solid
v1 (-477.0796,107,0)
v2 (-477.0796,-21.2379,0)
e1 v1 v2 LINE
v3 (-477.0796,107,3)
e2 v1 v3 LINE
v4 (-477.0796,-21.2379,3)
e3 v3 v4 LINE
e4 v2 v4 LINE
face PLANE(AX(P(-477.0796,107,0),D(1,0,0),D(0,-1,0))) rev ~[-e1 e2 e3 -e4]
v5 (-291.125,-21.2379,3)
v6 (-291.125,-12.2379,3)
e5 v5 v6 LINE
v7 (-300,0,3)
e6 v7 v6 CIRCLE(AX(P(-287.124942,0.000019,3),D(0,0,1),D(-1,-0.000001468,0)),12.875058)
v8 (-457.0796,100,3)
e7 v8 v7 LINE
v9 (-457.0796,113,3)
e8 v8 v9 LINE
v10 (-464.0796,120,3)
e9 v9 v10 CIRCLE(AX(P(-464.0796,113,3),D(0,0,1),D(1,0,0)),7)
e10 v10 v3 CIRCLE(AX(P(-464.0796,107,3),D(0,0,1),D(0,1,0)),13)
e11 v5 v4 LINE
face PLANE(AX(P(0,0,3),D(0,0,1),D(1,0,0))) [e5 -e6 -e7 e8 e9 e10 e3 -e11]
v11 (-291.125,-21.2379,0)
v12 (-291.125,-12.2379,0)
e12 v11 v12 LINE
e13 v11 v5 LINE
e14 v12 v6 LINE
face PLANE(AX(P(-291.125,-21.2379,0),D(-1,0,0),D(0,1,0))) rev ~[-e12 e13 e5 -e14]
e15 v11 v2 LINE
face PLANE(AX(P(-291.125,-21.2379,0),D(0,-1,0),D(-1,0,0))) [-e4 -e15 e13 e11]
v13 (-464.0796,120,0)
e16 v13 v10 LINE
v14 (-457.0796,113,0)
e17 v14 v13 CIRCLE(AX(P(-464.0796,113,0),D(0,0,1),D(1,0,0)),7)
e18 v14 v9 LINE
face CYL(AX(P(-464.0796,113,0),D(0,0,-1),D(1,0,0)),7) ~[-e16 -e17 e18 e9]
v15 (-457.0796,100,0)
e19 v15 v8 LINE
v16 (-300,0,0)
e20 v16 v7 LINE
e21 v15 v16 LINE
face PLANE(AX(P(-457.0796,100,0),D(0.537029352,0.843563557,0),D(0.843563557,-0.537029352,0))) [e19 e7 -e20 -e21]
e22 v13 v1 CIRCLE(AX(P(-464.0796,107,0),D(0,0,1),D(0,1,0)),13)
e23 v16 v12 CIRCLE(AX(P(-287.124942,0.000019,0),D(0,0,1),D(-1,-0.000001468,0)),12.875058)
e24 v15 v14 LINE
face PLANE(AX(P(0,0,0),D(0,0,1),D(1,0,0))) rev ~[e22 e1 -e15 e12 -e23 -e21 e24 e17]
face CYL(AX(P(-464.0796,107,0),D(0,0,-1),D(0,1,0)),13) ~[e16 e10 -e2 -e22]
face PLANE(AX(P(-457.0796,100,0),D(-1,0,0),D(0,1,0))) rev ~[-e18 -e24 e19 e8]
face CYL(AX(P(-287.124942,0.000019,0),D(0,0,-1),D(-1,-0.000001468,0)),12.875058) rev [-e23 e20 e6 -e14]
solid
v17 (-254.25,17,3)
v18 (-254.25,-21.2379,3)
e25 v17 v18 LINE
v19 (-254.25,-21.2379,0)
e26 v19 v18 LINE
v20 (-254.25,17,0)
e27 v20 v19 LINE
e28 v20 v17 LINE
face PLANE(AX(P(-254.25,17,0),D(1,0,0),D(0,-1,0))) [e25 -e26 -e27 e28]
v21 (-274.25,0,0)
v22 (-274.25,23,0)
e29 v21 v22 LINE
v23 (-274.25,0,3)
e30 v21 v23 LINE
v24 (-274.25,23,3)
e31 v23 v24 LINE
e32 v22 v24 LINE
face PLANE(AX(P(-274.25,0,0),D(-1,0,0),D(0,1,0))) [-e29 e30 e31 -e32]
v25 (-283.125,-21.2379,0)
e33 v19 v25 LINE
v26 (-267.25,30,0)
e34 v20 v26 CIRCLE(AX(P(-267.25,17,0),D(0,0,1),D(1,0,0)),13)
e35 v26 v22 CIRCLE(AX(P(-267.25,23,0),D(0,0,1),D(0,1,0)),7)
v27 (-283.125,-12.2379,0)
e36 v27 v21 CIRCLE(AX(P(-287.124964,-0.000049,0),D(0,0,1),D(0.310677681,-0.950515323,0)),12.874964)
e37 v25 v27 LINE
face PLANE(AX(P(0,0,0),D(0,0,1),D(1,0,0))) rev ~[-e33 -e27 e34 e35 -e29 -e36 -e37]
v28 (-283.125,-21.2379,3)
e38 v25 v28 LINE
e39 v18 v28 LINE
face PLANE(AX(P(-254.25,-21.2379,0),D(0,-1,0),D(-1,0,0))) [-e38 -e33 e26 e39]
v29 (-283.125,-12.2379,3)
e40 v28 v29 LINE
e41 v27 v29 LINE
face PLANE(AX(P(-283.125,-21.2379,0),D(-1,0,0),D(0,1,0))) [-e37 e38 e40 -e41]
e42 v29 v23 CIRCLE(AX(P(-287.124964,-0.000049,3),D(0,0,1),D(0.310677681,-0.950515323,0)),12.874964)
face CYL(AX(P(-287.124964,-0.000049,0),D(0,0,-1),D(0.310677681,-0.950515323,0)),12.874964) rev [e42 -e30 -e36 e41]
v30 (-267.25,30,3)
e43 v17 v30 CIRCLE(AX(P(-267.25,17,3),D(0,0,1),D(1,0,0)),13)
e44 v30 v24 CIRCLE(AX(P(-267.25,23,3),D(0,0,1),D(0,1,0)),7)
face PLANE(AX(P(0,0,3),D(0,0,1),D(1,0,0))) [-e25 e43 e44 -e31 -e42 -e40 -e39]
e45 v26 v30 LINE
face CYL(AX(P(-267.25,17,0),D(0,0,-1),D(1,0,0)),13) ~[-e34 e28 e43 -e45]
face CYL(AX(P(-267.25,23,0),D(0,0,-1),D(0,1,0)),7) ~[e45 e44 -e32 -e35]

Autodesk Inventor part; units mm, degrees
ref_plane "YZ Plane" through (0, 0, 0) normal (1, 0, 0) x (0, 1, 0)
ref_plane "XZ Plane" through (0, 0, 0) normal (0, 1, 0) x (-1, 0, 0)
ref_plane "XY Plane" through (0, 0, 0) normal (0, 0, 1) x (1, 0, 0)
sketch "Sketch3" plane through (0, 0, 0) normal (0, 0, 1) x (1, 0, 0)
  circle A0 centre (368.0481, 50) radius 50 construction
  line L0 (368.0481, 0) -> (514.9541, 0) construction
  line L1 (368.0481, 50) -> (514.9541, 50) construction
  line L2 (368.0481, 100) -> (514.9541, 100) construction
  line L3 (368.0481, 50) -> (343.0481, 6.6987) construction
  line L4 (368.0481, 50) -> (324.7469, 25) construction
  line L5 (368.0481, 50) -> (324.7469, 75) construction
  line L6 (343.0481, 93.3013) -> (368.0481, 50) construction
  line L7 (393.0481, 93.3013) -> (368.0481, 50) construction
  line L8 (411.3494, 75) -> (368.0481, 50) construction
  line L9 (411.3494, 25) -> (368.0481, 50) construction
  line L10 (393.0481, 6.6987) -> (368.0481, 50) construction
  line L11 (368.0481, 0) -> (368.0481, 100) construction
  line L12 (418.0481, 50) -> (368.0481, 50) construction
  line L13 (341.8682, 0) -> (341.8682, 100) construction
  line L14 (315.6883, 0) -> (315.6883, 100) construction
  line L15 (289.5083, 0) -> (289.5083, 100) construction
  line L16 (263.3284, 0) -> (263.3284, 100) construction
  line L17 (237.1485, 0) -> (237.1485, 100) construction
  line L18 (210.9685, 0) -> (210.9685, 100) construction
  line L19 (184.7886, 0) -> (184.7886, 100) construction
  line L20 (158.6086, 0) -> (158.6086, 100) construction
  circle A1 centre (315.6883, 50) radius 50 construction
  circle A2 centre (341.8682, 50) radius 50 construction
  circle A3 centre (289.5083, 50) radius 50 construction
  circle A4 centre (263.3284, 50) radius 50 construction
  circle A5 centre (237.1485, 50) radius 50 construction
  circle A6 centre (210.9685, 50) radius 50 construction
  line L21 (393.0481, 6.6987) -> (514.9541, 6.6987) construction
  line L22 (411.3494, 25) -> (514.9541, 25) construction
  line L23 (411.3494, 75) -> (514.9541, 75) construction
  line L24 (411.3494, 75) -> (514.9541, 75) construction
  line L25 (393.0481, 93.3013) -> (514.9541, 93.3013) construction
  line L26 (358.9895, 75) -> (339.5083, 50) construction
  line L27 (339.5083, 50) -> (306.6297, 25) construction
  line L28 (306.6297, 25) -> (262.1485, 6.6987) construction
  line L29 (262.1485, 6.6987) -> (210.9685, 0) construction
  line L30 (105.4843, -12.0642) -> (105.4843, 125.3083) construction
  line L31 (25.75, 0) -> (25.75, 23)
  line L32 (45.75, 17) -> (45.75, -21.2379)
  arc A7 (32.75, 30) -> (25.75, 23) centre (32.75, 23) ccw
  arc A8 (45.75, 17) -> (32.75, 30) centre (32.75, 17) ccw
  line L33 (32.75, 17) -> (45.75, 17) construction
  line L34 (32.75, 17) -> (32.75, 30) construction
  arc A9 (0, 0) -> (8.875, -12.2379) centre (12.875, 0) ccw
  arc A10 (16.875, -12.2379) -> (25.75, 0) centre (12.875, 0) ccw
  line L35 (45.75, -21.2379) -> (16.875, -21.2379)
  line L36 (8.875, -21.2379) -> (-177.0796, -21.2379)
  circle A11 centre (-144.2046, 110.3653) radius 12.875 construction
  line L37 (8.875, -21.2379) -> (8.875, -12.2379)
  line L38 (16.875, -21.2379) -> (16.875, -12.2379)
  line L39 (411.3494, 75) -> (158.6086, 75) construction
  line L40 (368.0481, 100) -> (158.6086, 100) construction
  line L41 (418.0481, 50) -> (158.6086, 50) construction
  line L42 (411.3494, 25) -> (158.6086, 25) construction
  line L43 (393.0481, 6.6987) -> (158.6086, 6.6987) construction
  line L44 (393.0481, 93.3013) -> (158.6086, 93.3013) construction
  line L45 (358.9895, 75) -> (366.8682, 93.3013) construction
  line L46 (366.8682, 93.3013) -> (368.0481, 100) construction
  spline S0 degree 4 poles (-157.0796, 100) (-157.0796, 88.9946) (-147.011, 72.6811) (-131.8577, 48.7932) (-88.4777, 17.6268) (-50.0176, 3.937) (-18.8717, 0) (0, 0) knots 0 0 0 0 0 0.264547 0.457223 0.66608 1 1 1 1 1
  line L47 (-157.0796, 100) -> (-157.0796, 81.2146) construction
  line L48 (0, 0) -> (-42.8818, 0) construction
  line L49 (-157.0796, 100) -> (-157.0796, 113)
  line L50 (-144.2046, 110.3653) -> (-157.0796, 110.3653) construction
  line L51 (-147.6984, 94.0277) -> (-120.1158, 108.3975) construction
  line L52 (-157.0796, 100) -> (0, 0) construction
  circle A12 centre (-147.2046, 105.4197) radius 9.875 construction
  line L53 (-147.2046, 105.4197) -> (-157.0796, 105.4197) construction
  line L54 (-146.1623, 94.828) -> (-144.7762, 92.1674) construction
  line L55 (-144.7762, 92.1674) -> (-142.2689, 93.4736) construction
  line L56 (-177.0796, 107) -> (-177.0796, -21.2379)
  arc A13 (-157.0796, 113) -> (-164.0796, 120) centre (-164.0796, 113) ccw
  line L57 (-164.0796, 113) -> (-164.0796, 120) construction
  line L58 (-164.0796, 113) -> (-157.0796, 113) construction
  arc A14 (-164.0796, 120) -> (-177.0796, 107) centre (-164.0796, 107) ccw
  line L59 (-164.0796, 107) -> (-177.0796, 107) construction
  line L60 (-164.0796, 107) -> (-164.0796, 120) construction
  line L61 (-457.0796, 100) -> (-300, 0)
  line L62 (-757.0796, 100) -> (-757.0796, 76.4376)
  line L63 (-600, 0) -> (-652.3765, 0)
  spline S1 degree 4 poles (-757.0796, 76.4376) (-757.0796, 65.0585) (-753.7776, 47.1407) (-745.4013, 7.8331) (-693.0053, 2.4317) (-668.8587, 0) (-652.3765, 0) knots 0 0 0 0 0 0.348765 0.598765 1 1 1 1 1
  line L64 (-477.0796, 107) -> (-477.0796, -21.2379)
  arc A15 (-464.0796, 120) -> (-477.0796, 107) centre (-464.0796, 107) ccw
  arc A16 (-457.0796, 113) -> (-464.0796, 120) centre (-464.0796, 113) ccw
  line L65 (-457.0796, 100) -> (-457.0796, 113)
  circle A17 centre (-447.2046, 105.4197) radius 9.875 construction
  circle A18 centre (-444.2046, 110.3653) radius 12.875 construction
  line L66 (-457.0796, 100) -> (-300, 0) construction
  line L67 (-447.6984, 94.0277) -> (-420.1158, 108.3975) construction
  line L68 (-444.7762, 92.1674) -> (-442.2689, 93.4736) construction
  line L69 (-446.1623, 94.828) -> (-444.7762, 92.1674) construction
  line L70 (-291.125, -21.2379) -> (-477.0796, -21.2379)
  arc A19 (-300, 0) -> (-291.125, -12.2379) centre (-287.125, 0) ccw
  line L71 (-291.125, -21.2379) -> (-291.125, -12.2379)
  line L72 (-283.125, -21.2379) -> (-283.125, -12.2379)
  arc A20 (-283.125, -12.2379) -> (-274.25, 0) centre (-287.125, 0) ccw
  line L73 (-254.25, -21.2379) -> (-283.125, -21.2379)
  line L74 (-254.25, 17) -> (-254.25, -21.2379)
  line L75 (-274.25, 0) -> (-274.25, 23)
  arc A21 (-267.25, 30) -> (-274.25, 23) centre (-267.25, 23) ccw
  arc A22 (-254.25, 17) -> (-267.25, 30) centre (-267.25, 17) ccw
  line L76 (-777.0796, 107) -> (-777.0796, -21.2379)
  arc A23 (-764.0796, 120) -> (-777.0796, 107) centre (-764.0796, 107) ccw
  arc A24 (-757.0796, 113) -> (-764.0796, 120) centre (-764.0796, 113) ccw
  line L77 (-757.0796, 100) -> (-757.0796, 113)
  circle A25 centre (-747.2046, 105.4197) radius 9.875 construction
  circle A26 centre (-744.2046, 110.3653) radius 12.875 construction
  line L78 (-757.0796, 100) -> (-600, 0) construction
  line L79 (-747.6984, 94.0277) -> (-720.1158, 108.3975) construction
  line L80 (-744.7762, 92.1674) -> (-742.2689, 93.4736) construction
  line L81 (-746.1623, 94.828) -> (-744.7762, 92.1674) construction
  line L82 (-591.125, -21.2379) -> (-777.0796, -21.2379)
  arc A27 (-600, 0) -> (-591.125, -12.2379) centre (-587.125, 0) ccw
  line L83 (-591.125, -21.2379) -> (-591.125, -12.2379)
  line L84 (-583.125, -21.2379) -> (-583.125, -12.2379)
  arc A28 (-583.125, -12.2379) -> (-574.25, 0) centre (-587.125, 0) ccw
  line L85 (-554.25, -21.2379) -> (-583.125, -21.2379)
  line L86 (-554.25, 17) -> (-554.25, -21.2379)
  line L87 (-574.25, 0) -> (-574.25, 23)
  arc A29 (-567.25, 30) -> (-574.25, 23) centre (-567.25, 23) ccw
  arc A30 (-554.25, 17) -> (-567.25, 30) centre (-567.25, 17) ccw
  line L88 (32.75, -233) -> (45.75, -233) construction
  line L89 (32.75, -233) -> (32.75, -220) construction
  arc A31 (45.75, -233) -> (32.75, -220) centre (32.75, -233) ccw construction
  line L90 (25.75, -250) -> (25.75, -227) construction
  line L91 (45.75, -233) -> (45.75, -271.2379) construction
  arc A32 (16.875, -262.2379) -> (25.75, -250) centre (12.875, -250) ccw construction
  line L92 (45.75, -271.2379) -> (16.875, -271.2379) construction
  arc A33 (0, -250) -> (8.875, -262.2379) centre (12.875, -250) ccw construction
  arc A34 (32.75, -220) -> (25.75, -227) centre (32.75, -227) ccw construction
  line L93 (8.875, -271.2379) -> (-177.0796, -271.2379) construction
  line L94 (-157.0796, -150) -> (0, -250) construction
  spline S2 degree 4 poles (-157.0796, -150) (-157.0796, -161.0054) (-147.011, -177.3189) (-131.8577, -201.2068) (-88.4777, -232.3732) (-50.0176, -246.063) (-18.8717, -250) (0, -250) knots 0 0 0 0 0 0.264547 0.457223 0.66608 1 1 1 1 1 construction
  line L95 (-177.0796, -143) -> (-177.0796, -271.2379)
  line L96 (-146.1623, -155.172) -> (-144.7762, -157.8326) construction
  line L97 (-144.7762, -157.8326) -> (-142.2689, -156.5264) construction
  line L98 (-147.6984, -155.9723) -> (-120.1158, -141.6025) construction
  line L99 (-157.0796, -150) -> (-157.0796, -168.7854) construction
  line L100 (-147.2046, -144.5803) -> (-157.0796, -144.5803) construction
  line L101 (-144.2046, -139.6347) -> (-157.0796, -139.6347) construction
  circle A35 centre (-147.2046, -144.5803) radius 9.875 construction
  line L102 (0, -250) -> (-42.8818, -250) construction
  line L103 (16.875, -271.2379) -> (16.875, -262.2379) construction
  line L104 (8.875, -271.2379) -> (8.875, -262.2379) construction
  circle A36 centre (-144.2046, -139.6347) radius 12.875 construction
  line L105 (-164.0796, -143) -> (-177.0796, -143) construction
  line L106 (-157.0796, -150) -> (-157.0796, -137) construction
  line L107 (-164.0796, -137) -> (-157.0796, -137) construction
  arc A37 (-157.0796, -137) -> (-164.0796, -130) centre (-164.0796, -137) ccw
  line L108 (-164.0796, -137) -> (-164.0796, -130) construction
  line L109 (-164.0796, -143) -> (-164.0796, -130) construction
  arc A38 (-164.0796, -130) -> (-177.0796, -143) centre (-164.0796, -143) ccw
  arc A39 (32.75, -227) -> (25.75, -234) centre (32.75, -234) ccw
  line L110 (32.75, -234) -> (25.75, -234) construction
  line L111 (32.75, -234) -> (32.75, -227) construction
  line L112 (45.75, -271.2379) -> (-177.0796, -271.2379)
  arc A40 (45.75, -240) -> (32.75, -227) centre (32.75, -240) ccw
  line L113 (32.75, -240) -> (45.75, -240) construction
  line L114 (32.75, -240) -> (32.75, -227) construction
  line L115 (45.75, -240) -> (45.75, -271.2379)
  line L116 (0, -242) -> (25.75, -242)
  line L117 (25.75, -234) -> (25.75, -242)
  line L118 (-149.0796, -145.6094) -> (-149.0796, -150)
  line L119 (-149.0796, -145.6094) -> (-157.0796, -140.5164)
  line L120 (-157.0796, -140.5164) -> (-157.0796, -137)
  line L121 (57.9242, -250) -> (-50.1018, -250) construction
  spline S3 degree 4 poles (-149.0796, -150) (-149.0796, -154.1011) (-147.2668, -159.7716) (-135.8793, -178.0796) (-120.229, -197.0865) (-83.3361, -225.9308) (-47.2959, -235.9761) (-18.0598, -242) (0, -242) knots 0 0 0 0 0 0.173174 0.31592 0.488873 0.682943 1 1 1 1 1
  line L122 (-158.9844, -148.7874) -> (-160.5796, -147.7718) construction
  line L123 (-149.0796, -145.6094) -> (2.3304, -242) construction
  line L124 (-149.0796, -145.6094) -> (-139.5059, -151.7042)
  line L125 (-146.1623, -155.172) -> (-139.5059, -151.7042)
  line L126 (-144.7762, -157.8326) -> (-146.1623, -155.172)
  line L127 (-144.7762, -157.8326) -> (-136.5837, -153.5646)
  line L128 (-136.5837, -153.5646) -> (-134.053, -155.1756)
  line L129 (-136.5837, -153.5646) -> (-136.7042, -153.7538) construction
  line L130 (-134.053, -155.1756) -> (-134.1481, -155.3251) construction
  spline S4 degree 4 poles (-134.053, -155.1756) (-136.3978, -157.5109) (-136.0767, -162.1227) (-140.741, -169.8826) (-137.1035, -175.12) knots 0 0 0 0 0 1 1 1 1 1
  line L131 (-134.053, -155.1756) -> (-131.4385, -154.0999) construction
  line L132 (-254.25, -271.2379) -> (-477.0796, -271.2379)
  line L133 (-477.0796, -143) -> (-477.0796, -271.2379)
  arc A41 (-464.0796, -130) -> (-477.0796, -143) centre (-464.0796, -143) ccw
  arc A42 (-457.0796, -137) -> (-464.0796, -130) centre (-464.0796, -137) ccw
  line L134 (-457.0796, -140.5164) -> (-457.0796, -137)
  line L135 (-449.0796, -145.6094) -> (-457.0796, -140.5164)
  line L136 (-449.0796, -145.6094) -> (-439.5059, -151.7042)
  line L137 (-446.1623, -155.172) -> (-439.5059, -151.7042)
  line L138 (-444.7762, -157.8326) -> (-446.1623, -155.172)
  line L139 (-444.7762, -157.8326) -> (-436.5837, -153.5646)
  line L140 (-436.5837, -153.5646) -> (-434.053, -155.1756)
  line L141 (-449.0796, -145.6094) -> (-297.6696, -242) construction
  line L142 (-300, -242) -> (-274.25, -242)
  line L143 (-274.25, -234) -> (-274.25, -242)
  arc A43 (-267.25, -227) -> (-274.25, -234) centre (-267.25, -234) ccw
  arc A44 (-254.25, -240) -> (-267.25, -227) centre (-267.25, -240) ccw
  line L144 (-254.25, -240) -> (-254.25, -271.2379)
  circle A45 centre (-447.2046, -144.5803) radius 9.875 construction
  line L145 (-457.0796, -150) -> (-300, -250) construction
  circle A46 centre (-444.2046, -139.6347) radius 12.875 construction
  line L146 (-554.25, -271.2379) -> (-777.0796, -271.2379)
  line L147 (-777.0796, -143) -> (-777.0796, -271.2379)
  arc A47 (-764.0796, -130) -> (-777.0796, -143) centre (-764.0796, -143) ccw
  arc A48 (-757.0796, -137) -> (-764.0796, -130) centre (-764.0796, -137) ccw
  line L148 (-757.0796, -140.5164) -> (-757.0796, -137)
  line L149 (-749.0796, -145.6094) -> (-757.0796, -140.5164)
  line L150 (-749.0796, -145.6094) -> (-739.5059, -151.7042)
  line L151 (-746.1623, -155.172) -> (-739.5059, -151.7042)
  line L152 (-744.7762, -157.8326) -> (-746.1623, -155.172)
  line L153 (-744.7762, -157.8326) -> (-736.5837, -153.5646)
  line L154 (-736.5837, -153.5646) -> (-734.053, -155.1756)
  line L155 (-749.0796, -145.6094) -> (-597.6696, -242) construction
  line L156 (-600, -242) -> (-574.25, -242)
  line L157 (-574.25, -234) -> (-574.25, -242)
  arc A49 (-567.25, -227) -> (-574.25, -234) centre (-567.25, -234) ccw
  arc A50 (-554.25, -240) -> (-567.25, -227) centre (-567.25, -240) ccw
  line L158 (-554.25, -240) -> (-554.25, -271.2379)
  circle A51 centre (-747.2046, -144.5803) radius 9.875 construction
  line L159 (-757.0796, -150) -> (-600, -250) construction
  circle A52 centre (-744.2046, -139.6347) radius 12.875 construction
  line L160 (-297.6696, -242) -> (-434.053, -155.1756)
  spline S5 degree 4 poles (-757.0796, -173.5624) (-757.0796, -184.9415) (-753.7776, -202.8593) (-745.4013, -242.1669) (-693.0053, -247.5683) (-668.8587, -250) (-652.3765, -250) knots 0 0 0 0 0 0.348765 0.598765 1 1 1 1 1 construction
  line L161 (-757.0796, -150) -> (-757.0796, -173.5624)
  line L162 (-600, -250) -> (-652.3765, -250) construction
  line L163 (-600, -242) -> (-652.3765, -242)
  spline S6 degree 4 poles (-749.0796, -173.5624) (-749.0796, -183.7991) (-746.0176, -199.7502) (-737.9559, -236.335) (-690.8375, -239.2991) (-667.8077, -242) (-652.3765, -242) knots 0 0 0 0 0 0.346383 0.596383 1 1 1 1 1
  line L164 (-749.0796, -173.5624) -> (-749.0796, -170.035) construction
  spline S7 degree 3 poles (-734.053, -155.1756) (-737.3391, -159.7493) (-749.7015, -168.8592) (-748.818, -180.0805) knots 0 0 0 0 1 1 1 1
  point P0 (158.6086, 0)
  point P1 (-148.021, 75)
  point P2 (-128.5398, 50)
  point P3 (-95.6611, 25)
  point P4 (-51.1799, 6.6987)
  point P5 (-155.8997, 93.3013)
  point P6 (-753.2027, 48.1984)
  point P7 (-737.7866, 19.9116)
  point P8 (-697.6619, 3.8098)
  point P9 (-457.0796, 110.3653)
  point P10 (-457.0796, 105.4197)
  point P11 (-757.0796, 110.3653)
  point P12 (-757.0796, 105.4197)
  point P13 (-51.1799, -243.3013)
  point P14 (-95.6611, -225)
  point P15 (-148.021, -175)
  point P16 (-128.5398, -200)
  point P17 (-155.8997, -156.6987)
  point P18 (-157.0796, -141.4334)
  point P19 (-153.0796, -143.0629)
  point P20 (-152.1421, -144.5803)
  point P21 (3.9112, -250)
  point P22 (-147.2046, -158.2164)
  point P23 (-137.7547, -174.1759)
  point P24 (-121.904, -193.5196)
  point P25 (-91.5665, -216.9339)
  point P26 (-48.8291, -234.4712)
  point P27 (-135.7587, -158.2929)
  point P28 (-137.8231, -165.6206)
  point P29 (-453.0796, -143.0629)
  point P30 (-457.0796, -144.5803)
  point P31 (-447.6984, -155.9723)
  point P32 (-457.0796, -139.6347)
  point P33 (-753.0796, -143.0629)
  point P34 (-757.0796, -144.5803)
  point P35 (-747.6984, -155.9723)
  point P36 (-757.0796, -139.6347)
  point P37 (-753.2027, -201.8016)
  point P38 (-737.7866, -230.0884)
  point P39 (-697.6619, -246.1902)
  point P40 (-745.4939, -198.9007)
  point P41 (-731.3987, -224.5882)
  point P42 (-695.3384, -238.4632)
  point P43 (-741.9679, -163.8836)
  point P44 (-300, 0)
  dimension "d43" = 25.75
  dimension "d53" = 19.75
  dimension "diameter" = 100
  dimension "d8" = 26.1799
  dimension "d14" = 30
  dimension "d15" = 30
  dimension "d16" = 30
  dimension "d26" = 90
  dimension "stopper" = 30
  dimension "stopperthickness" = 20
  dimension "d32" = 12.875
  dimension "d33" = 12.875
  dimension "d38" = 6
  dimension "d47" = 8
  dimension "d49" = 9
  dimension "d55" = 120
  dimension "d56" = 3
  dimension "d57" = 90
  dimension "d58" = 90
  dimension "d59" = 20
  dimension "d60" = 6
  dimension "d61" = 20
  dimension "d62" = 28.875
  dimension "d72" = 300
  dimension "d93" = 250
  dimension "d98" = 90
  dimension "d99" = 44.2379
  dimension "d100" = 37.2379
  dimension "d101" = 90
  dimension "railheight" = 8
  dimension "d104" = 8
  dimension "d105" = 8
  dimension "d106" = 3
  dimension "d109" = 300
  dimension "d116" = 250
  dimension "d121" = 8
extrude "Extrusion1" add sketch "Sketch3" along normal blind 3 contours L61 A19 L71 L70 L64 A15 A16 L65 | L72 A20 L75 A21 A22 L74 L73
equation "\"d8\" = 0.261799 * diameter"
properties part number "line-path"
